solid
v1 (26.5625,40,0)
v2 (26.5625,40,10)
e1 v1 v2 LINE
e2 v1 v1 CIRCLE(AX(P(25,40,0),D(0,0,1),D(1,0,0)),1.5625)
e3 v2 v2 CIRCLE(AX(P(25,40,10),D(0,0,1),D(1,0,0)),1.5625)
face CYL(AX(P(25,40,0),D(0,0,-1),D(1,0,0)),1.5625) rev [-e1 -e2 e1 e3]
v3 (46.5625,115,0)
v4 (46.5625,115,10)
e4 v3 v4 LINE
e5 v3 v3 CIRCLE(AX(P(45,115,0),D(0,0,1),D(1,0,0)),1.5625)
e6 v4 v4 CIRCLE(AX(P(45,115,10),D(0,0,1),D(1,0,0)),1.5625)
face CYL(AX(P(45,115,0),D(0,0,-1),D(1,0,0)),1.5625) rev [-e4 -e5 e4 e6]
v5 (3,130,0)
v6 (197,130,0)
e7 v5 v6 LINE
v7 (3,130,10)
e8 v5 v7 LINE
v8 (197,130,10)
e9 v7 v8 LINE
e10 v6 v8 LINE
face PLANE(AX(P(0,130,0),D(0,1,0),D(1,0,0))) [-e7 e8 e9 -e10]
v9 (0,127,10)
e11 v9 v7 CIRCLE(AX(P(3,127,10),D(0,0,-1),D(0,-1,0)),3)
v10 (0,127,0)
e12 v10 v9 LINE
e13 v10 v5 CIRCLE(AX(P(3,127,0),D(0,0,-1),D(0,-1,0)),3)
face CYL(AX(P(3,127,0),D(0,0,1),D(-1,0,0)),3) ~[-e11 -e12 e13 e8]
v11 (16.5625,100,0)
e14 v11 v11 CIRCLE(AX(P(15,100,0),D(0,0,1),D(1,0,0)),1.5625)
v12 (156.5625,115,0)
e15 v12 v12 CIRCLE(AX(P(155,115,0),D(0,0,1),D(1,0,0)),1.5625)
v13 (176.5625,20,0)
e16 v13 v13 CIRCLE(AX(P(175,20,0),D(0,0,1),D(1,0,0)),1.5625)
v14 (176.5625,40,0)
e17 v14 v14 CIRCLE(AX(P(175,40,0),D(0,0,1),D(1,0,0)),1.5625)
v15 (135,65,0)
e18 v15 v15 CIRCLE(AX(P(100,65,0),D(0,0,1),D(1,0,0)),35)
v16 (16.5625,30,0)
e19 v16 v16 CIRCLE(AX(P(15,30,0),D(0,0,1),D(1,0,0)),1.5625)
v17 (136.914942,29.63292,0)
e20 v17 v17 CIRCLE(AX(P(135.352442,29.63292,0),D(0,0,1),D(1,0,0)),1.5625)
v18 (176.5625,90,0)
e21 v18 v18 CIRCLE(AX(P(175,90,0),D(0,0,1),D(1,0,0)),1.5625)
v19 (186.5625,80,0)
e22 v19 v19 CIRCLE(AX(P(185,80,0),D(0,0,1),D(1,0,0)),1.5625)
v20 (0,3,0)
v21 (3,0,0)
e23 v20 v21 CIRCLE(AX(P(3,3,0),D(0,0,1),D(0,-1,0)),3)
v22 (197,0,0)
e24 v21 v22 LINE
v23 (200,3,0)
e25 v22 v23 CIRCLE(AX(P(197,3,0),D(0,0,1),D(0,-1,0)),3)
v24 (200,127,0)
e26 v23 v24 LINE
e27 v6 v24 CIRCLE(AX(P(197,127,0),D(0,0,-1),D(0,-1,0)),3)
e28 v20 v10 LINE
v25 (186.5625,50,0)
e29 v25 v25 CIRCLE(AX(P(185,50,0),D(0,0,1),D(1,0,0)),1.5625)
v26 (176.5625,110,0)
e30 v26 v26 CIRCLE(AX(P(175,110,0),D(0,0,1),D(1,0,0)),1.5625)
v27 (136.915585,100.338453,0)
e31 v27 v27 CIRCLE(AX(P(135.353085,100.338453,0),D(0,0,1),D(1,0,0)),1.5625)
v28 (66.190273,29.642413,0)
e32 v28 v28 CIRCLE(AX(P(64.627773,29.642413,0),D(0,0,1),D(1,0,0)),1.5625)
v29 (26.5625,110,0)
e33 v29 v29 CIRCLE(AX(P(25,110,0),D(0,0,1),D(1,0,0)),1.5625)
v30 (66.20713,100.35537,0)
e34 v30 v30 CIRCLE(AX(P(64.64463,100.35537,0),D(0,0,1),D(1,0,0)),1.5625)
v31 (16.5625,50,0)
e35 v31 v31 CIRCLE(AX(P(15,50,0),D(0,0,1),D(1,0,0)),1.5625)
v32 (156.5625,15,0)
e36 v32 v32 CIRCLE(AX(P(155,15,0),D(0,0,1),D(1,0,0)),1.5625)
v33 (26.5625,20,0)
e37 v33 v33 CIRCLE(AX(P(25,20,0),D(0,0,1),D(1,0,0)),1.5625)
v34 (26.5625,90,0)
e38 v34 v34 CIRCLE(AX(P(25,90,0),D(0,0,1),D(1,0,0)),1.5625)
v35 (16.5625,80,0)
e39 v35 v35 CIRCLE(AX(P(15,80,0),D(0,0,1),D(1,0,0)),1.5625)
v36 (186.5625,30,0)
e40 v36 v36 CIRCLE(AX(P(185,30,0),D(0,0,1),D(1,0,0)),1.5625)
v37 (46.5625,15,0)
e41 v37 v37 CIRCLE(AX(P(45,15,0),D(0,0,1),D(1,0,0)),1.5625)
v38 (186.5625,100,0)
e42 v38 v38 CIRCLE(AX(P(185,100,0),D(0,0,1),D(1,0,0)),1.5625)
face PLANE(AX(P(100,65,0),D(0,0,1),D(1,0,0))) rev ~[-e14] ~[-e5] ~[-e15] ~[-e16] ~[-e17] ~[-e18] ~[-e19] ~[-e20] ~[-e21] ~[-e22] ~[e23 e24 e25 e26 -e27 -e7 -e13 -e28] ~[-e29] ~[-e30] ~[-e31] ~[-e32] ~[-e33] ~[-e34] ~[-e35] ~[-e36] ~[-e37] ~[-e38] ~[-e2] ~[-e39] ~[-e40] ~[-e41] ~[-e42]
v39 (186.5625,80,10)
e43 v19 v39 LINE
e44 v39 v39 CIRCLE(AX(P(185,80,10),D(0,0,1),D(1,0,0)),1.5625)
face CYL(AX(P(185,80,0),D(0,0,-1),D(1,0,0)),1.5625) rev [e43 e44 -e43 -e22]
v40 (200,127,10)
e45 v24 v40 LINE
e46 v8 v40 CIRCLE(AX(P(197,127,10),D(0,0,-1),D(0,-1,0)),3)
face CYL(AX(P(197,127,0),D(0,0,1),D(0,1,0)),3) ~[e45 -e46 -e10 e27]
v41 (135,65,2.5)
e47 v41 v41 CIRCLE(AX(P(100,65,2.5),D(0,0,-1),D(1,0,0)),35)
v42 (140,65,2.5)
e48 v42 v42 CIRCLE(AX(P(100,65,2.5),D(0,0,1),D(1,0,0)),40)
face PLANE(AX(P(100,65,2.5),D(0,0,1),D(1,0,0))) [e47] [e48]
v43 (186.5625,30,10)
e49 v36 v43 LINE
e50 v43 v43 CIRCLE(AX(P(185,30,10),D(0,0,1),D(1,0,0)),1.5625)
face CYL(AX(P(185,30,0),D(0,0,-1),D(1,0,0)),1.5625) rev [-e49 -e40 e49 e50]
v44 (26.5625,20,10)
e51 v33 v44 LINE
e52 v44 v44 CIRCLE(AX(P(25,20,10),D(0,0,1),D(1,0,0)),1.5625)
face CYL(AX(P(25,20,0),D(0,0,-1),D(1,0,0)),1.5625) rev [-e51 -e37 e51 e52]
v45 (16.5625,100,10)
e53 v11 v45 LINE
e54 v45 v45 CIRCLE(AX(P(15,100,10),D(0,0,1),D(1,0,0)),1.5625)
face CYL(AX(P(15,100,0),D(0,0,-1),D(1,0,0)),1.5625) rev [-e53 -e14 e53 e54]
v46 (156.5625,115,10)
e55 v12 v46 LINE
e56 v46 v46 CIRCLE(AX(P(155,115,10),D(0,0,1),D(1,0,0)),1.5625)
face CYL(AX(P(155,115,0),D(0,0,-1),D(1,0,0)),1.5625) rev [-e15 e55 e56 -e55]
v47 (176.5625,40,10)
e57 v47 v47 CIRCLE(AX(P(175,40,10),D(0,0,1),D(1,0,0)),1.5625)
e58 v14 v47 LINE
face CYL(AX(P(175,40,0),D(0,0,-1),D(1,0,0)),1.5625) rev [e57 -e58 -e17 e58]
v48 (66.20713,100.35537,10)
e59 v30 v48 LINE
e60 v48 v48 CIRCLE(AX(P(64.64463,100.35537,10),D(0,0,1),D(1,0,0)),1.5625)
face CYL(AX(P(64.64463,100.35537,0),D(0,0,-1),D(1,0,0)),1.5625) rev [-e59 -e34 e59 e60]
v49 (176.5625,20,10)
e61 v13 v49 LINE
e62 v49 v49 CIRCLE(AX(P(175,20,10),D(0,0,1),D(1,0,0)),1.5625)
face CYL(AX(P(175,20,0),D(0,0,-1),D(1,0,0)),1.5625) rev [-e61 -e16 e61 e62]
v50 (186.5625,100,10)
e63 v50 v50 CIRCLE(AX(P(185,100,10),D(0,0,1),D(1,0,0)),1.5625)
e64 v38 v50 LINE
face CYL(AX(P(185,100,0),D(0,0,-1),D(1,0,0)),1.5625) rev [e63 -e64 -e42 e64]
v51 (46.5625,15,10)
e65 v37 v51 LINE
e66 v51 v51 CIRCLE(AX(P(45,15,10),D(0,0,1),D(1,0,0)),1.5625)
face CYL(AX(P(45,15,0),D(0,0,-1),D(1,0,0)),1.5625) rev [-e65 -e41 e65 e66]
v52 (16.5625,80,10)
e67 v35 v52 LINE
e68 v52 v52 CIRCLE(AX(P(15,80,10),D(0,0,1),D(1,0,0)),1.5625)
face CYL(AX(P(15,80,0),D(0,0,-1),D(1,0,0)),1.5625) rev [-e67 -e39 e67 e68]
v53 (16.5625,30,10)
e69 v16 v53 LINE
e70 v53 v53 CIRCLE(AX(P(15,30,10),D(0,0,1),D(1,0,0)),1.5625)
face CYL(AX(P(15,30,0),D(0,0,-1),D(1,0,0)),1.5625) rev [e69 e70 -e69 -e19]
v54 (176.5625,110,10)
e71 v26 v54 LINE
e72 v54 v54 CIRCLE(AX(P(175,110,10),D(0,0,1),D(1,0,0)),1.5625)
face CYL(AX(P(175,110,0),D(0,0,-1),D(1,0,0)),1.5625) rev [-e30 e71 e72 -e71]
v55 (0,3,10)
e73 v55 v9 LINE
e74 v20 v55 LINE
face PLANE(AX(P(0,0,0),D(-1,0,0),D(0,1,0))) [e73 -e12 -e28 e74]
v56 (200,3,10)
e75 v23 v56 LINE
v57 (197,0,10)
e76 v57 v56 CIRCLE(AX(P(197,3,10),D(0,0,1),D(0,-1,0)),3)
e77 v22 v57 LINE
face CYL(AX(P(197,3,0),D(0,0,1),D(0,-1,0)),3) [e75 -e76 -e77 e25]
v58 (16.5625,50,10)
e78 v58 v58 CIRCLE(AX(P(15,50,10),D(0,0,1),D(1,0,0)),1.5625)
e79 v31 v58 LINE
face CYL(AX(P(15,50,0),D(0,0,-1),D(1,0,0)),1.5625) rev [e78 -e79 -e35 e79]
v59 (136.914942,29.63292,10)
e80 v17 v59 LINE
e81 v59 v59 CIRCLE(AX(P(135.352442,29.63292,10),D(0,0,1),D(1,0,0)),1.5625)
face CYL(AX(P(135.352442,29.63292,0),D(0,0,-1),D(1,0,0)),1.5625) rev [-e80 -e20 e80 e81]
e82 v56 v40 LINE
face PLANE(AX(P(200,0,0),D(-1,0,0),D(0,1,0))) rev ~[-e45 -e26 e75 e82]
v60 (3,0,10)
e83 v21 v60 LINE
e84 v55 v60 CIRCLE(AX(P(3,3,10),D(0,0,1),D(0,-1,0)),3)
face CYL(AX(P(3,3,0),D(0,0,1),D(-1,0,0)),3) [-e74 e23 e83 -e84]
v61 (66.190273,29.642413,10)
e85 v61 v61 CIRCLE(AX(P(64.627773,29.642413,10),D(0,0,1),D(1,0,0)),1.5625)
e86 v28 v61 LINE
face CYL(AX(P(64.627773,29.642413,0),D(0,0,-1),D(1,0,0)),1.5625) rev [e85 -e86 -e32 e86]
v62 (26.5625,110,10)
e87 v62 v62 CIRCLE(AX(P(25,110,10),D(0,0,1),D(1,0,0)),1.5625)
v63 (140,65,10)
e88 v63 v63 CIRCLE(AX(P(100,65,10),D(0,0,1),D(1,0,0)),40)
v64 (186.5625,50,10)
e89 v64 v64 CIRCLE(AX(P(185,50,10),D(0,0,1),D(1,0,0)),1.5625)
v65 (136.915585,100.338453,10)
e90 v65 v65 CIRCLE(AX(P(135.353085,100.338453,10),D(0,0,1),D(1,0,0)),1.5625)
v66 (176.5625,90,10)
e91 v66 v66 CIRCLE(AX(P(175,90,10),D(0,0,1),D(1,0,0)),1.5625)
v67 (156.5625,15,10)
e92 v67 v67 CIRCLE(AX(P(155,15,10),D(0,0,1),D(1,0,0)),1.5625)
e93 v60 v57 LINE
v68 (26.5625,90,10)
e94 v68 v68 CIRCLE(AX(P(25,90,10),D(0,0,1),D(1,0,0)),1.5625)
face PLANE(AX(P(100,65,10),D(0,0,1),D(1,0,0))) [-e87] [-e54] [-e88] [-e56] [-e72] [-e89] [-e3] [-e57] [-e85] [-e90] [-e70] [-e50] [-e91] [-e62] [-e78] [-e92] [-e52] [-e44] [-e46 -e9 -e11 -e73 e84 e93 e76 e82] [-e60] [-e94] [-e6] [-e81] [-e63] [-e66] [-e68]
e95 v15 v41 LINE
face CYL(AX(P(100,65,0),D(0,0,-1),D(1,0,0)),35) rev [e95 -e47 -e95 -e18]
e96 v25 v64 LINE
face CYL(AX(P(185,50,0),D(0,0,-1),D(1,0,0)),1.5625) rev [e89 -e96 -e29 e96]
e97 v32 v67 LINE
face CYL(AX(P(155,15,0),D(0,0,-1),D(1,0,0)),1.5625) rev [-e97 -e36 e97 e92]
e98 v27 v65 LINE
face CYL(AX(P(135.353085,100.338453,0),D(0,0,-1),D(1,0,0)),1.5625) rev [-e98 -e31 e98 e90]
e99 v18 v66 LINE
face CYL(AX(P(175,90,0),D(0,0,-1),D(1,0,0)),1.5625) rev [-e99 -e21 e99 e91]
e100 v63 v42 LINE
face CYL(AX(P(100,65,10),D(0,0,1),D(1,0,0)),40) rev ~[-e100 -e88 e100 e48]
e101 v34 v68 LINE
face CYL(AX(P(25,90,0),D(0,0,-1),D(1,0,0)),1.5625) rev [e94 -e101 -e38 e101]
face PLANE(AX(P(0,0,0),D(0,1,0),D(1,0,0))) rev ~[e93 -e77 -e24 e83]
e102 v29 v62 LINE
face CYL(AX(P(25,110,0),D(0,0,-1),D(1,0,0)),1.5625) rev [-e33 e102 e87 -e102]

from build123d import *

# Parameters (mm, degrees)
SKETCH_W     = 200
SKETCH_H     = 130
SKETCH_R     = 35
SKETCH_R_2   = 1.5625
PAD_DEPTH    = 10
SKETCH001_R  = 40
POCKET_DEPTH = 7.5
FILLET_R     = 3


with BuildPart() as part:
    # Sketch → Pad (new body)
    with BuildSketch(Plane.XY):
        with Locations((100, 65)):
            Rectangle(SKETCH_W, SKETCH_H)
        with Locations((100, 65)):
            Circle(SKETCH_R, mode=Mode.SUBTRACT)
        with Locations((45, 115)):
            Circle(SKETCH_R_2, mode=Mode.SUBTRACT)
        with Locations((45, 15)):
            Circle(SKETCH_R_2, mode=Mode.SUBTRACT)
        with Locations((155, 115)):
            Circle(SKETCH_R_2, mode=Mode.SUBTRACT)
        with Locations((155, 15)):
            Circle(SKETCH_R_2, mode=Mode.SUBTRACT)
        with Locations((185, 30)):
            Circle(SKETCH_R_2, mode=Mode.SUBTRACT)
        with Locations((135.353085, 100.338453)):
            Circle(SKETCH_R_2, mode=Mode.SUBTRACT)
        with Locations((64.627773, 29.642413)):
            Circle(SKETCH_R_2, mode=Mode.SUBTRACT)
        with Locations((64.64463, 100.35537)):
            Circle(SKETCH_R_2, mode=Mode.SUBTRACT)
        with Locations((135.352442, 29.63292)):
            Circle(SKETCH_R_2, mode=Mode.SUBTRACT)
        with Locations((175, 20)):
            Circle(SKETCH_R_2, mode=Mode.SUBTRACT)
        with Locations((175, 40)):
            Circle(SKETCH_R_2, mode=Mode.SUBTRACT)
        with Locations((185, 50)):
            Circle(SKETCH_R_2, mode=Mode.SUBTRACT)
        with Locations((175, 90)):
            Circle(SKETCH_R_2, mode=Mode.SUBTRACT)
        with Locations((175, 110)):
            Circle(SKETCH_R_2, mode=Mode.SUBTRACT)
        with Locations((185, 80)):
            Circle(SKETCH_R_2, mode=Mode.SUBTRACT)
        with Locations((185, 100)):
            Circle(SKETCH_R_2, mode=Mode.SUBTRACT)
        with Locations((15, 30)):
            Circle(SKETCH_R_2, mode=Mode.SUBTRACT)
        with Locations((25, 20)):
            Circle(SKETCH_R_2, mode=Mode.SUBTRACT)
        with Locations((25, 40)):
            Circle(SKETCH_R_2, mode=Mode.SUBTRACT)
        with Locations((15, 50)):
            Circle(SKETCH_R_2, mode=Mode.SUBTRACT)
        with Locations((25, 90)):
            Circle(SKETCH_R_2, mode=Mode.SUBTRACT)
        with Locations((25, 110)):
            Circle(SKETCH_R_2, mode=Mode.SUBTRACT)
        with Locations((15, 80)):
            Circle(SKETCH_R_2, mode=Mode.SUBTRACT)
        with Locations((15, 100)):
            Circle(SKETCH_R_2, mode=Mode.SUBTRACT)
    extrude(amount=PAD_DEPTH)

    # Sketch001 (on Face31 of Pad) → Pocket (cut)
    with BuildSketch(Plane.XY.offset(10)):
        with Locations((100, 65)):
            Circle(SKETCH001_R)
    extrude(amount=-POCKET_DEPTH, mode=Mode.SUBTRACT)

    # Fillet
    fillet_edges = [part.edges().sort_by_distance(p)[0] for p in [
        (200, 0, 5),
        (200, 130, 5),
        (0, 0, 5),
        (0, 130, 5),
    ]]
    fillet(fillet_edges, radius=FILLET_R)


solid = part.part
